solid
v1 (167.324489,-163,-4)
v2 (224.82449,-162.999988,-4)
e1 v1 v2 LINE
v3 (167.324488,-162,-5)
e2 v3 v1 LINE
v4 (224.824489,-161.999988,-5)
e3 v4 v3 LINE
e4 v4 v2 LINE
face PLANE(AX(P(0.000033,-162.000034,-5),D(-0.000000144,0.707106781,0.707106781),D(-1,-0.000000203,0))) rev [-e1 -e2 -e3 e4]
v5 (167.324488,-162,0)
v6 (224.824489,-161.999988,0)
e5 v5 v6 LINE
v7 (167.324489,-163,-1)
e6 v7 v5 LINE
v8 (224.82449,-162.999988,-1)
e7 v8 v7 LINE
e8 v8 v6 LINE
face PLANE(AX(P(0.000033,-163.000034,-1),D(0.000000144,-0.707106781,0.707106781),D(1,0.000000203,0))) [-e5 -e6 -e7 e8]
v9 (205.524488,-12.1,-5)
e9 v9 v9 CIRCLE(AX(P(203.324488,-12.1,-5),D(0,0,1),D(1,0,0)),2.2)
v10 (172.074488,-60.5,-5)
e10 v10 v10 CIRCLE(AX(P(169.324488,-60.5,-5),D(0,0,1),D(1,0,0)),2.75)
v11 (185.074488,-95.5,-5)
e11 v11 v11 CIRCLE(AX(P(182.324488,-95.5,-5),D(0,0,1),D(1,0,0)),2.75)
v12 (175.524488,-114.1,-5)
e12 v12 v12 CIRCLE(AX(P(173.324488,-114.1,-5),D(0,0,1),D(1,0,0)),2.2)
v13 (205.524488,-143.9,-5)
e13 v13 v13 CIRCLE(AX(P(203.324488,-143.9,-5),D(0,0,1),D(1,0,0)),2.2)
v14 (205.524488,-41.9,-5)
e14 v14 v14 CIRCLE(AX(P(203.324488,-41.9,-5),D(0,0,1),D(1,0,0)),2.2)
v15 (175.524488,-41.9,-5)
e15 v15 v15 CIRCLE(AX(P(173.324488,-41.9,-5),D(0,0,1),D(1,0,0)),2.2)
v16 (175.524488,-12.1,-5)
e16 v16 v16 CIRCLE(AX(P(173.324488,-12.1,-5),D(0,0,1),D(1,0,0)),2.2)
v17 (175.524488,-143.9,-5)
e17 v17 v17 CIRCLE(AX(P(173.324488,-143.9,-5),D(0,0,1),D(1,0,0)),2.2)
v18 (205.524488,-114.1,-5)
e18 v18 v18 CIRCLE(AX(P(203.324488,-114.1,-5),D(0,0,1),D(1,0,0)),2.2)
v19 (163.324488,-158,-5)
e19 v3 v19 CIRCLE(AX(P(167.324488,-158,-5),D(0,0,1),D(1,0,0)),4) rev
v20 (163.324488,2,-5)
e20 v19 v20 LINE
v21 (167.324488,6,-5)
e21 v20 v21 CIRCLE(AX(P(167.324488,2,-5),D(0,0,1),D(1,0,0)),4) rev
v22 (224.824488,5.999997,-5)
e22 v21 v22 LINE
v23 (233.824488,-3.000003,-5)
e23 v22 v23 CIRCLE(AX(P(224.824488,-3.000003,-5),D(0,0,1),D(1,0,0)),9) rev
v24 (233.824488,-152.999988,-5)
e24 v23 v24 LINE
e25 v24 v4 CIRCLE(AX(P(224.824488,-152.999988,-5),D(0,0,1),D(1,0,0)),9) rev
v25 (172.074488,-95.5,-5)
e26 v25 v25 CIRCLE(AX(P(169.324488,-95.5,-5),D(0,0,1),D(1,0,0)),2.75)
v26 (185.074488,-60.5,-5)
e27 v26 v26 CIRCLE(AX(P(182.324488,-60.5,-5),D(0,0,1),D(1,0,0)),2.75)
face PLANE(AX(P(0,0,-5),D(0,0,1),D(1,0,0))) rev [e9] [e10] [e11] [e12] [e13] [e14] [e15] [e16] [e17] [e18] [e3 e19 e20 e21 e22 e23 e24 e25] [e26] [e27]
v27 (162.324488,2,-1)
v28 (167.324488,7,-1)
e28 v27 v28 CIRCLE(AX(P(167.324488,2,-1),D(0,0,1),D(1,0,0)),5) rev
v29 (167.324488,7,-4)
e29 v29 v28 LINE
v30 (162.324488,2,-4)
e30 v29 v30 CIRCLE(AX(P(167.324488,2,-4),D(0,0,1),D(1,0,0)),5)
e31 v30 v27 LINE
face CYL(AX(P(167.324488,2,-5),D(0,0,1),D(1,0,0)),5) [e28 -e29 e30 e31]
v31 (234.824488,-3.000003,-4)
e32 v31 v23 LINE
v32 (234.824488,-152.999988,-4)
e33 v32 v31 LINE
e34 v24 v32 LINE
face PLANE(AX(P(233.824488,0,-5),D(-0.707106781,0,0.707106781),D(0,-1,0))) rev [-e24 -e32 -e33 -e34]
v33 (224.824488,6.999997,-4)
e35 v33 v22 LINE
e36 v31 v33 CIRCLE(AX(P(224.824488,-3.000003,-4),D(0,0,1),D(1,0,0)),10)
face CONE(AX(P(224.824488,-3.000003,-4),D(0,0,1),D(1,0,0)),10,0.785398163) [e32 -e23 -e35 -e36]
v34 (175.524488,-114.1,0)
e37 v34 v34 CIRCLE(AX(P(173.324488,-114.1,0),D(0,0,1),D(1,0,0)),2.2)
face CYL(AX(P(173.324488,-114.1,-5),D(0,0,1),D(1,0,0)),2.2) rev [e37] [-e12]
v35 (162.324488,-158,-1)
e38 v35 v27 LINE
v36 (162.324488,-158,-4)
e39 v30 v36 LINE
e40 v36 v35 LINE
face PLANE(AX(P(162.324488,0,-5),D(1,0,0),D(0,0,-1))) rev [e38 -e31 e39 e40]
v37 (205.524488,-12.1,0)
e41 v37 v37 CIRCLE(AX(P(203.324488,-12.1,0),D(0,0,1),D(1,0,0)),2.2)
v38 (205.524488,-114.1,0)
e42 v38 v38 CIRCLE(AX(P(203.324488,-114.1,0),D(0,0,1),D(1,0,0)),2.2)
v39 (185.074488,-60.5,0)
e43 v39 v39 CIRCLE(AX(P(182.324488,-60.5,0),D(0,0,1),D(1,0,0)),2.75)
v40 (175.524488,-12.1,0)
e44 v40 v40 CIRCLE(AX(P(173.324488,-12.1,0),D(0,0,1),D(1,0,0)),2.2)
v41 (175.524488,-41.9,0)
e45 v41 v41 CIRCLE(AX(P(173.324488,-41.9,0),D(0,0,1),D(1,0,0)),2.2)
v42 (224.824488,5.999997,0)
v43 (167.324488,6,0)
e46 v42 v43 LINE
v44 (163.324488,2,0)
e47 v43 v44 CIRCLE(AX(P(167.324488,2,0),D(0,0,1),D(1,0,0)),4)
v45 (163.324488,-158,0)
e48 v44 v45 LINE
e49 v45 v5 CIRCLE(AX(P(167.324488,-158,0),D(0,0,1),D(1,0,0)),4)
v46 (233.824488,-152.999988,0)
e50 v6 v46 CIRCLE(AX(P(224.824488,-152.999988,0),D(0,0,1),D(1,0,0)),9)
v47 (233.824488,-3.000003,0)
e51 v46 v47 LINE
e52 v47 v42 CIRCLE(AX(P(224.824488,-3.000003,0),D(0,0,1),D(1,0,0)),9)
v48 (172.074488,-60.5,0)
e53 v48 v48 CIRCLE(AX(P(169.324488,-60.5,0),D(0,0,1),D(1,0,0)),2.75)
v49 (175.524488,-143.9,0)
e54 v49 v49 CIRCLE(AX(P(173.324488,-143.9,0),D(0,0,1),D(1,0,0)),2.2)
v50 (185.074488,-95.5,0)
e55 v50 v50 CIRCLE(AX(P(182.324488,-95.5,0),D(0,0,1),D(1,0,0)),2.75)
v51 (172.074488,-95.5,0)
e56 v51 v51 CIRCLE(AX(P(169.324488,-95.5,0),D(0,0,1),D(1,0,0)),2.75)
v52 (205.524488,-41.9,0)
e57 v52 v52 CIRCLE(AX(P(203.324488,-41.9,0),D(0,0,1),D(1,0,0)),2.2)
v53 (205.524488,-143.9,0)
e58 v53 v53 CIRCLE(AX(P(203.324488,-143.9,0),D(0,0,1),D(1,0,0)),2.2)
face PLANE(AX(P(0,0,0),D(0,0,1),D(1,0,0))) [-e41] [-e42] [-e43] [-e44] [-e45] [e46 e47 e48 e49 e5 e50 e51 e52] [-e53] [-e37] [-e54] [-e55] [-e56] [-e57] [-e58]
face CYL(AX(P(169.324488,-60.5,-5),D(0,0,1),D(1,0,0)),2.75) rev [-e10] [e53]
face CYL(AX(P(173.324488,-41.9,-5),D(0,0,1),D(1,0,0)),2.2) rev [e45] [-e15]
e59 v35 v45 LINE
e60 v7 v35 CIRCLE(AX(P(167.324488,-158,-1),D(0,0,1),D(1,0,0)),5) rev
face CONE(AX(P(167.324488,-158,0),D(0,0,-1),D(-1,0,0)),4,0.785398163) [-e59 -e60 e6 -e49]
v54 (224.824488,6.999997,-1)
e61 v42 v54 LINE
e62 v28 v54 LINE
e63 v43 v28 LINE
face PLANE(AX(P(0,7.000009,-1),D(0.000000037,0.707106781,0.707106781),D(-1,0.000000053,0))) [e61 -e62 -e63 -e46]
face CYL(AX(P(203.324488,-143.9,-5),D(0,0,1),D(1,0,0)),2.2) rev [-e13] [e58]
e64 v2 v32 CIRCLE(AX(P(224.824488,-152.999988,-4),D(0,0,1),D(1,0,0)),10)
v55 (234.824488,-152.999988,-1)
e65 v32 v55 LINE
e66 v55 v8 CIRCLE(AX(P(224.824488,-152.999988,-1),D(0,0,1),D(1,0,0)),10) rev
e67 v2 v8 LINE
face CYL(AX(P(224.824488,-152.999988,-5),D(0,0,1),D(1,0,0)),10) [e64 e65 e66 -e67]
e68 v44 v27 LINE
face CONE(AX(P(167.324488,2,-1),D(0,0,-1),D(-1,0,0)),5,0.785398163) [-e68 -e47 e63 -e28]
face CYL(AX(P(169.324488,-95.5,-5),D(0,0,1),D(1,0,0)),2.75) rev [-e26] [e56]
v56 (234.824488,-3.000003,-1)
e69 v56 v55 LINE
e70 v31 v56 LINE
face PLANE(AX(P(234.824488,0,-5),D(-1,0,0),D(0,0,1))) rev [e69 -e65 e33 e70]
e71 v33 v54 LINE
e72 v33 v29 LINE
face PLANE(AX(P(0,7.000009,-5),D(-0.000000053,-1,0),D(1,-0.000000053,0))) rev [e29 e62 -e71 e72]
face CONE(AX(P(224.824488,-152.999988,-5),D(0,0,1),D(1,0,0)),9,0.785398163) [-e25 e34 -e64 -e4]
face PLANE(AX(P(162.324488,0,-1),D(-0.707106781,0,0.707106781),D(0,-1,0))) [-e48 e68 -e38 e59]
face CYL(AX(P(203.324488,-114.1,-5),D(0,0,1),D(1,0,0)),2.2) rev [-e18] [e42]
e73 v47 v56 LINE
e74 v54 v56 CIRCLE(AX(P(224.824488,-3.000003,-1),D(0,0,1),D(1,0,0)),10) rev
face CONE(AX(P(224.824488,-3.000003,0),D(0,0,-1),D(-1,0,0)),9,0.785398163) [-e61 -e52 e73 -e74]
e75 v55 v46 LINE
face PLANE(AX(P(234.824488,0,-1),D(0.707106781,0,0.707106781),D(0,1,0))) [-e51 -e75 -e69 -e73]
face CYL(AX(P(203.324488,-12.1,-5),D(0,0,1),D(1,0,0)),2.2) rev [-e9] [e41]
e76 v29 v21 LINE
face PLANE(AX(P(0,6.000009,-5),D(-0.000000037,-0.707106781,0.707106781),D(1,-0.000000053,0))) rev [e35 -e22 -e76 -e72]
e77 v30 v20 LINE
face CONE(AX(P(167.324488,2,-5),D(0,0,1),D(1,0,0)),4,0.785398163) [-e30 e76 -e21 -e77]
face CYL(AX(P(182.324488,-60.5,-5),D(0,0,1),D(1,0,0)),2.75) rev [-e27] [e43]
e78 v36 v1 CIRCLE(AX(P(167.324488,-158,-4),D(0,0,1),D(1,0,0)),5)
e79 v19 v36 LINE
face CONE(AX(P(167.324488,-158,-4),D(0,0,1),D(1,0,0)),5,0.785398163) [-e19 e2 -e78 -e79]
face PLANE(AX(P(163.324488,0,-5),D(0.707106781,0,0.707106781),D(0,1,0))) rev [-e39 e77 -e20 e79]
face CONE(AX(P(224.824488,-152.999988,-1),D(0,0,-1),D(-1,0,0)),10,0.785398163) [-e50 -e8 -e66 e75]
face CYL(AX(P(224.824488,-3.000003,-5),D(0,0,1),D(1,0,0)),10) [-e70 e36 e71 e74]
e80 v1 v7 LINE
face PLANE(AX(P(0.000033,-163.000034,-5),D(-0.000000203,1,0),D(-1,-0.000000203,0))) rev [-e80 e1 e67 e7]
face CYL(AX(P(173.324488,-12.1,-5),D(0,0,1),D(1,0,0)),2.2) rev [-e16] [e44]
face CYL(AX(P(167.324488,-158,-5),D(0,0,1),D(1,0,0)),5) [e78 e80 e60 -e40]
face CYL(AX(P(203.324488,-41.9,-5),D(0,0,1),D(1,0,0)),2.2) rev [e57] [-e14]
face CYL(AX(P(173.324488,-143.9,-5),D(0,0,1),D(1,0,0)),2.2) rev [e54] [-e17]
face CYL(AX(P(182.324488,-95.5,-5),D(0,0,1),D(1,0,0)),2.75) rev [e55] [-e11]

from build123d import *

# Parameters (mm, degrees)
EXTRUDE_1_DEPTH     = 5
SKETCH_4_R          = 2.2
SKETCH_4_R_2        = 2.75
CUT_EXTRUDE_1_DEPTH = 5
CHAMFER_2_SIZE      = 1


with BuildPart() as part:
    # 草图1 → 凸台-拉伸1 (new body)
    with BuildSketch(Plane.XY):
        with BuildLine():
            Line((234.824487649, -3.000003036), (234.824487649, -152.999988316))
            ThreePointArc((234.824487649, -152.999988316), (231.895556179, -160.071055409), (224.824489681, -162.999988316))
            Line((224.824489681, -162.999988316), (167.324488665, -163))
            ThreePointArc((167.324488665, -163), (163.788954102, -161.535534265), (162.324487649, -158))
            Line((162.324487649, -158), (162.324487649, 2))
            ThreePointArc((162.324487649, 2), (163.788953837, 5.535533999), (167.324487913, 7))
            Line((167.324487913, 7), (224.824488177, 6.999996964))
            ThreePointArc((224.824488177, 6.999996964), (231.895555648, 4.071064589), (234.824487649, -3.000003036))
        make_face()
    extrude(amount=-EXTRUDE_1_DEPTH)

    # 草图4 → 切除-拉伸1 (cut)
    with BuildSketch(Plane.XY):
        with Locations((203.324487649, -12.1)):
            Circle(SKETCH_4_R)
        with Locations((173.324487649, -12.1)):
            Circle(SKETCH_4_R)
        with Locations((173.324487649, -41.9)):
            Circle(SKETCH_4_R)
        with Locations((203.324487649, -41.9)):
            Circle(SKETCH_4_R)
        with Locations((173.324487649, -143.9)):
            Circle(SKETCH_4_R)
        with Locations((203.324487649, -143.9)):
            Circle(SKETCH_4_R)
        with Locations((173.324487649, -114.1)):
            Circle(SKETCH_4_R)
        with Locations((203.324487649, -114.1)):
            Circle(SKETCH_4_R)
        with Locations((169.324487649, -60.5)):
            Circle(SKETCH_4_R_2)
        with Locations((169.324487649, -95.5)):
            Circle(SKETCH_4_R_2)
        with Locations((182.324487649, -60.5)):
            Circle(SKETCH_4_R_2)
        with Locations((182.324487649, -95.5)):
            Circle(SKETCH_4_R_2)
    extrude(amount=-CUT_EXTRUDE_1_DEPTH, mode=Mode.SUBTRACT)

    # 倒角2
    chamfer_2_edges = [part.edges().sort_by_distance(p)[0] for p in [
        (196.074489173, -162.999994158, 0),
        (163.788954102, -161.535534265, 0),
        (231.895555648, 4.071064589, -5),
        (162.324487649, -78, 0),
        (163.788953837, 5.535533999, 0),
        (196.074488045, 6.999998482, 0),
        (231.895555648, 4.071064589, 0),
        (234.824487649, -77.999995676, 0),
        (196.074488045, 6.999998482, -5),
        (163.788953837, 5.535533999, -5),
        (162.324487649, -78, -5),
        (163.788954102, -161.535534265, -5),
        (196.074489173, -162.999994158, -5),
        (231.895556179, -160.071055409, -5),
        (234.824487649, -77.999995676, -5),
        (231.895556179, -160.071055409, 0),
    ]]
    chamfer(chamfer_2_edges, length=CHAMFER_2_SIZE)


solid = part.part
